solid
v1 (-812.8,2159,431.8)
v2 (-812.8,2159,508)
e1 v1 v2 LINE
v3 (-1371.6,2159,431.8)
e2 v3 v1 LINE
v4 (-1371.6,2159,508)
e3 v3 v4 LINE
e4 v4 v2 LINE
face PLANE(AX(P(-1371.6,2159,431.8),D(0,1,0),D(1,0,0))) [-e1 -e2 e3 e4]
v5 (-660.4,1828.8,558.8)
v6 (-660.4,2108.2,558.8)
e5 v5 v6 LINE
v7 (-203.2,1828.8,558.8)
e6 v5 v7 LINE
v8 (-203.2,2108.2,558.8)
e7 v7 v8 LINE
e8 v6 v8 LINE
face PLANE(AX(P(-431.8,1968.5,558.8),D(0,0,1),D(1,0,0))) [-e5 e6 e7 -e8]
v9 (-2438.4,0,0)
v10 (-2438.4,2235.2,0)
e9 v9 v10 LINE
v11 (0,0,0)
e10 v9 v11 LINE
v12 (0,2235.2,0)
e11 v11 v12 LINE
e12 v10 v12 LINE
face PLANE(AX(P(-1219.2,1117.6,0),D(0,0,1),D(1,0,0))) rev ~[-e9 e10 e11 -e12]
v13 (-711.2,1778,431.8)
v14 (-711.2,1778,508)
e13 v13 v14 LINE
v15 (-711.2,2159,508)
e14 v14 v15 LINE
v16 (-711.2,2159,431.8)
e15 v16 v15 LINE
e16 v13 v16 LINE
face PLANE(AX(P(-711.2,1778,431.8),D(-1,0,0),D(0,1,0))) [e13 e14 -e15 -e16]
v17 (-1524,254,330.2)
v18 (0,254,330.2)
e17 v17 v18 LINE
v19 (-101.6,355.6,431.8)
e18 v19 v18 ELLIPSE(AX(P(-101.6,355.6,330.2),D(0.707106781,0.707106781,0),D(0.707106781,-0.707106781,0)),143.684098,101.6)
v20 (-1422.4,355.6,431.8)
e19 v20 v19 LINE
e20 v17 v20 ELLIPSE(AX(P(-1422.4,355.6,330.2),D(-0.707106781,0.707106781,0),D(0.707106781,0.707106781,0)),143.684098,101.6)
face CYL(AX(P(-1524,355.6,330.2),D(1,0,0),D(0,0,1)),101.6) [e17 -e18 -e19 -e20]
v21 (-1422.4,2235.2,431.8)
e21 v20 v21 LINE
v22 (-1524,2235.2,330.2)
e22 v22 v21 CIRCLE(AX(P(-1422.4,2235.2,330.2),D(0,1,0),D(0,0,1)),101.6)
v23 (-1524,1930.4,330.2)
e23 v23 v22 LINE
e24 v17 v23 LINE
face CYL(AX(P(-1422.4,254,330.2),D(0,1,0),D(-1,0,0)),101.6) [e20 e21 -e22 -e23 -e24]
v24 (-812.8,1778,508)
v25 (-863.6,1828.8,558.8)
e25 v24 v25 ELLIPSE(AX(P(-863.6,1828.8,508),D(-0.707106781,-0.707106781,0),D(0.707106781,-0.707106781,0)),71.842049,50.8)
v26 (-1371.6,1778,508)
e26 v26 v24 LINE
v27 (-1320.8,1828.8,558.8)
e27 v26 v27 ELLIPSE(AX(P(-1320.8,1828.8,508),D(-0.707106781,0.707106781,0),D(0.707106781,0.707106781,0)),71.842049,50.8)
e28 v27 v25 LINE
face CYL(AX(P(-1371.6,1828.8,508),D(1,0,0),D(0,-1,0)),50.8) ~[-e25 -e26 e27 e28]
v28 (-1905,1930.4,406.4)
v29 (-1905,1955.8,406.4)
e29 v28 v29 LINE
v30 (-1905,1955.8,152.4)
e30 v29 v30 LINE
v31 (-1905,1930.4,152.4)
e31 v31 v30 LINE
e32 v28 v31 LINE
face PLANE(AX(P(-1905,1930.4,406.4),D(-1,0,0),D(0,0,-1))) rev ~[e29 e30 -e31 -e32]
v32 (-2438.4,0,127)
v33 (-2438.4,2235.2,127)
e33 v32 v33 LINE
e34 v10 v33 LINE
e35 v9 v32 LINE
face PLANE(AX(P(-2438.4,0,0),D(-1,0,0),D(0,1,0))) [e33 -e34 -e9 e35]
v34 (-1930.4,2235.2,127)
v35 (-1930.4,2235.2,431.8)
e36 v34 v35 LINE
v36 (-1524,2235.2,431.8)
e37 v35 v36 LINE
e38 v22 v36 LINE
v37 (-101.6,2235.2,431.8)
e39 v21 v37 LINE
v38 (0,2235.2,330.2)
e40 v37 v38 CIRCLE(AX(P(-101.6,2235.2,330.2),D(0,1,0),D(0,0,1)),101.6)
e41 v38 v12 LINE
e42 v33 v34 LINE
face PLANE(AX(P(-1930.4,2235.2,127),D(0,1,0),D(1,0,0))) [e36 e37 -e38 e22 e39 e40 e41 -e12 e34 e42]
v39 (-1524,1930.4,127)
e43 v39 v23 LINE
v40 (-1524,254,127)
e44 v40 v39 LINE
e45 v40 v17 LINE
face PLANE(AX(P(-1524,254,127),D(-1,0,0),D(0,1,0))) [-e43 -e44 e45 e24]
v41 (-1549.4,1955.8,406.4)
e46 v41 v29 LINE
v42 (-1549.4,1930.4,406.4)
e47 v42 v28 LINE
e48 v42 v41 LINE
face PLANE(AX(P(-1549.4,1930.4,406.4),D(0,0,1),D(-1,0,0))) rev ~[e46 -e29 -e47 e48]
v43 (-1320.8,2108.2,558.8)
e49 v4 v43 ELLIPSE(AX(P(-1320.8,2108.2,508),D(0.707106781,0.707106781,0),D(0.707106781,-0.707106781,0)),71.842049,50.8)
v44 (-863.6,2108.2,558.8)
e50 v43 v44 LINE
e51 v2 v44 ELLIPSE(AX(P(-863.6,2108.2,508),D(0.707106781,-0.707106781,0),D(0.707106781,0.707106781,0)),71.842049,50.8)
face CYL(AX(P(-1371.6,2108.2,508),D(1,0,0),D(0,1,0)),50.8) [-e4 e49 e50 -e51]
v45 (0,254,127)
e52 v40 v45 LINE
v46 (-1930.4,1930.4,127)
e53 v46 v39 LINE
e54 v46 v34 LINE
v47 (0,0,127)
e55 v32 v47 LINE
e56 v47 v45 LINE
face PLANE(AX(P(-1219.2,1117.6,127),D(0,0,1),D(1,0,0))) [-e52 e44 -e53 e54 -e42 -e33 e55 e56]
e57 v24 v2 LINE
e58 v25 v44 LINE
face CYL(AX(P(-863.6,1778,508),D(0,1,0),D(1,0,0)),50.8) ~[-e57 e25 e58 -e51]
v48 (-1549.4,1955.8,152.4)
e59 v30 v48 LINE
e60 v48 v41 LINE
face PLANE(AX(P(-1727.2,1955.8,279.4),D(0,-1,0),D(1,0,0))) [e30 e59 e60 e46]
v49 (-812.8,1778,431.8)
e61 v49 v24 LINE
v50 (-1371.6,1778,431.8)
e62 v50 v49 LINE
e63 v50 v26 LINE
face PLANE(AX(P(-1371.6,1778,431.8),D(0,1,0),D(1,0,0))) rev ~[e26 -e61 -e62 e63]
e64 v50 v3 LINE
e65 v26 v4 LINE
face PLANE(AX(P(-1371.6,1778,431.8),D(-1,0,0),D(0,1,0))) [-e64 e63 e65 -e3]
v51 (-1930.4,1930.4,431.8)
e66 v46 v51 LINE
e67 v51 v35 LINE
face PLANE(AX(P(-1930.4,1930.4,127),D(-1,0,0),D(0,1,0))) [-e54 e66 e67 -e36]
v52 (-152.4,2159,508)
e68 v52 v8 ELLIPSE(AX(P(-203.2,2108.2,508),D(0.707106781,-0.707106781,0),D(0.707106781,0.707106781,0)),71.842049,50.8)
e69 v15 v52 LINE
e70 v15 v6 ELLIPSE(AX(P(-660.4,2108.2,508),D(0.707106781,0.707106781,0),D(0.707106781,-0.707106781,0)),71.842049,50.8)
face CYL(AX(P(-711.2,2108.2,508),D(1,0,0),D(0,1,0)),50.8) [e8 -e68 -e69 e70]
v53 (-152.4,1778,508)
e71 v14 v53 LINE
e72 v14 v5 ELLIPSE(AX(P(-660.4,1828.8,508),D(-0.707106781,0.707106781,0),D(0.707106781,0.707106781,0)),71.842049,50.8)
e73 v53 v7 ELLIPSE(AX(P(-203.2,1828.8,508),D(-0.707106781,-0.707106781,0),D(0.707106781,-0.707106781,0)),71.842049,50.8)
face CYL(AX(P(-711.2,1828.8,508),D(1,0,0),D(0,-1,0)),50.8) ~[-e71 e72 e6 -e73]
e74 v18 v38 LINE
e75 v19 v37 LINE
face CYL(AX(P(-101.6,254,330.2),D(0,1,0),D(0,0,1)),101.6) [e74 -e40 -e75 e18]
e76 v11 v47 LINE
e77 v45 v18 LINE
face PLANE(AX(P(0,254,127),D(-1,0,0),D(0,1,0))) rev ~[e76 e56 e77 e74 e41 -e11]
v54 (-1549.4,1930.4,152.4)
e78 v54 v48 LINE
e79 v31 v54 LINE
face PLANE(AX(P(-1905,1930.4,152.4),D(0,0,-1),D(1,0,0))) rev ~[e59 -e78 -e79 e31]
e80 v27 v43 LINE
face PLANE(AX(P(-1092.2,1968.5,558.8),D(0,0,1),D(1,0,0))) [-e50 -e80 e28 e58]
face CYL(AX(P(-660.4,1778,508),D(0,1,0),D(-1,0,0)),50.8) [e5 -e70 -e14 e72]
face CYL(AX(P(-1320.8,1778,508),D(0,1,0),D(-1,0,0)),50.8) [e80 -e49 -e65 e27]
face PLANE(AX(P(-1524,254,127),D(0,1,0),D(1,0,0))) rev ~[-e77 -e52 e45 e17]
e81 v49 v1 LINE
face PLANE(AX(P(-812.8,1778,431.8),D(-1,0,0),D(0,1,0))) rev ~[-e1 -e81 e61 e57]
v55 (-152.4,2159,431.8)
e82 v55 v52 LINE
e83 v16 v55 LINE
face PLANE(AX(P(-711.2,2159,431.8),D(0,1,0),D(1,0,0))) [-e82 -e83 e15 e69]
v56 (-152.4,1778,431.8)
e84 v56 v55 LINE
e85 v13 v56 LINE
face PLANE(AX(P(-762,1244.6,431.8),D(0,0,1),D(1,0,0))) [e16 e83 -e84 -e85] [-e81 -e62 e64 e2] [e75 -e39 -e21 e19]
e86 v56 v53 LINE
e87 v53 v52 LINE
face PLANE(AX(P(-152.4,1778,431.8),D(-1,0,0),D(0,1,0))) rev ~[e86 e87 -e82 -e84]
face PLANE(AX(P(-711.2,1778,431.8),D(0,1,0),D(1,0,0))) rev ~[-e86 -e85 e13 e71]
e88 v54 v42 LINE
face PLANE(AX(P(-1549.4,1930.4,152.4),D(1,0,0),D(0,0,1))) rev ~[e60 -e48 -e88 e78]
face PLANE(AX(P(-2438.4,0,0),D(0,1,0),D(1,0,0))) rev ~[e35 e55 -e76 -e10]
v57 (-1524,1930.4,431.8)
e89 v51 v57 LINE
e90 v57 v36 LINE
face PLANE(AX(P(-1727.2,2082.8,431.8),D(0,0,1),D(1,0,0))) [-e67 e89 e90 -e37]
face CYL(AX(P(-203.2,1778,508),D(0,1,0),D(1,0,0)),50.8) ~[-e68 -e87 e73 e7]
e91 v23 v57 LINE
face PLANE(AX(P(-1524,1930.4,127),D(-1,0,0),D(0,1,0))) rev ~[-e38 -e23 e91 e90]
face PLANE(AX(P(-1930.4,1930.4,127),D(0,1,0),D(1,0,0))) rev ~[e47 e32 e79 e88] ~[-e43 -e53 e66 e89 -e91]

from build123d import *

# Parameters (mm, degrees)
F0_W      = 2438.4
F0_H      = 2235.2
F1_DEPTH  = 127
F2_W      = 1524
F2_H      = 1981.2
F3_DEPTH  = 304.8
F4_R      = 101.6
F5_W      = 558.8
F5_H      = 381
F6_DEPTH  = 127
F7_R      = 50.8
F8_W      = 406.4
F8_H      = 304.8
F9_DEPTH  = 304.8
F11_DEPTH = 25.4


with BuildPart() as f1:
    # F0 (on Top) → F1 (new body)
    with BuildSketch(Plane.XY):
        with Locations((-1219.2, 1117.6)):
            Rectangle(F0_W, F0_H)
    extrude(amount=F1_DEPTH)

    # F2 (on face) → F3 (join)
    with BuildSketch(Plane.XY.offset(127)):
        with Locations((-762, 1244.6)):
            Rectangle(F2_W, F2_H)
    extrude(amount=F3_DEPTH)

    # F4
    f4_edges = [f1.edges().sort_by_distance(p)[0] for p in [
        (-1524, 1244.6, 431.8),
        (-762, 254, 431.8),
        (0, 1244.6, 431.8),
    ]]
    fillet(f4_edges, radius=F4_R)

    # F5 (on face) → F6 (join)
    with BuildSketch(Plane.XY.offset(431.8)):
        with Locations((-431.8, 1968.5)):
            Rectangle(F5_W, F5_H)
        with Locations((-1092.2, 1968.5)):
            Rectangle(F5_W, F5_H)
    extrude(amount=F6_DEPTH)

    # F7
    f7_edges = [f1.edges().sort_by_distance(p)[0] for p in [
        (-1092.2, 2159, 558.8),
        (-1371.6, 1968.5, 558.8),
        (-1092.2, 1778, 558.8),
        (-812.8, 1968.5, 558.8),
        (-431.8, 2159, 558.8),
        (-711.2, 1968.5, 558.8),
        (-431.8, 1778, 558.8),
        (-152.4, 1968.5, 558.8),
    ]]
    fillet(f7_edges, radius=F7_R)

    # F8 (on face) → F9 (join)
    with BuildSketch(Plane.XY.offset(127)):
        with Locations((-1727.2, 2082.8)):
            Rectangle(F8_W, F8_H)
    extrude(amount=F9_DEPTH)

    # F10 (on face) → F11 (cut)
    with BuildSketch(Plane.XZ.offset(-1930.4)):
        Polygon((-1905, 152.4), (-1549.4, 152.4), (-1549.4, 355.6), (-1549.4, 406.4), (-1905, 406.4), align=None)
    extrude(amount=-F11_DEPTH, mode=Mode.SUBTRACT)


solid = f1.part
